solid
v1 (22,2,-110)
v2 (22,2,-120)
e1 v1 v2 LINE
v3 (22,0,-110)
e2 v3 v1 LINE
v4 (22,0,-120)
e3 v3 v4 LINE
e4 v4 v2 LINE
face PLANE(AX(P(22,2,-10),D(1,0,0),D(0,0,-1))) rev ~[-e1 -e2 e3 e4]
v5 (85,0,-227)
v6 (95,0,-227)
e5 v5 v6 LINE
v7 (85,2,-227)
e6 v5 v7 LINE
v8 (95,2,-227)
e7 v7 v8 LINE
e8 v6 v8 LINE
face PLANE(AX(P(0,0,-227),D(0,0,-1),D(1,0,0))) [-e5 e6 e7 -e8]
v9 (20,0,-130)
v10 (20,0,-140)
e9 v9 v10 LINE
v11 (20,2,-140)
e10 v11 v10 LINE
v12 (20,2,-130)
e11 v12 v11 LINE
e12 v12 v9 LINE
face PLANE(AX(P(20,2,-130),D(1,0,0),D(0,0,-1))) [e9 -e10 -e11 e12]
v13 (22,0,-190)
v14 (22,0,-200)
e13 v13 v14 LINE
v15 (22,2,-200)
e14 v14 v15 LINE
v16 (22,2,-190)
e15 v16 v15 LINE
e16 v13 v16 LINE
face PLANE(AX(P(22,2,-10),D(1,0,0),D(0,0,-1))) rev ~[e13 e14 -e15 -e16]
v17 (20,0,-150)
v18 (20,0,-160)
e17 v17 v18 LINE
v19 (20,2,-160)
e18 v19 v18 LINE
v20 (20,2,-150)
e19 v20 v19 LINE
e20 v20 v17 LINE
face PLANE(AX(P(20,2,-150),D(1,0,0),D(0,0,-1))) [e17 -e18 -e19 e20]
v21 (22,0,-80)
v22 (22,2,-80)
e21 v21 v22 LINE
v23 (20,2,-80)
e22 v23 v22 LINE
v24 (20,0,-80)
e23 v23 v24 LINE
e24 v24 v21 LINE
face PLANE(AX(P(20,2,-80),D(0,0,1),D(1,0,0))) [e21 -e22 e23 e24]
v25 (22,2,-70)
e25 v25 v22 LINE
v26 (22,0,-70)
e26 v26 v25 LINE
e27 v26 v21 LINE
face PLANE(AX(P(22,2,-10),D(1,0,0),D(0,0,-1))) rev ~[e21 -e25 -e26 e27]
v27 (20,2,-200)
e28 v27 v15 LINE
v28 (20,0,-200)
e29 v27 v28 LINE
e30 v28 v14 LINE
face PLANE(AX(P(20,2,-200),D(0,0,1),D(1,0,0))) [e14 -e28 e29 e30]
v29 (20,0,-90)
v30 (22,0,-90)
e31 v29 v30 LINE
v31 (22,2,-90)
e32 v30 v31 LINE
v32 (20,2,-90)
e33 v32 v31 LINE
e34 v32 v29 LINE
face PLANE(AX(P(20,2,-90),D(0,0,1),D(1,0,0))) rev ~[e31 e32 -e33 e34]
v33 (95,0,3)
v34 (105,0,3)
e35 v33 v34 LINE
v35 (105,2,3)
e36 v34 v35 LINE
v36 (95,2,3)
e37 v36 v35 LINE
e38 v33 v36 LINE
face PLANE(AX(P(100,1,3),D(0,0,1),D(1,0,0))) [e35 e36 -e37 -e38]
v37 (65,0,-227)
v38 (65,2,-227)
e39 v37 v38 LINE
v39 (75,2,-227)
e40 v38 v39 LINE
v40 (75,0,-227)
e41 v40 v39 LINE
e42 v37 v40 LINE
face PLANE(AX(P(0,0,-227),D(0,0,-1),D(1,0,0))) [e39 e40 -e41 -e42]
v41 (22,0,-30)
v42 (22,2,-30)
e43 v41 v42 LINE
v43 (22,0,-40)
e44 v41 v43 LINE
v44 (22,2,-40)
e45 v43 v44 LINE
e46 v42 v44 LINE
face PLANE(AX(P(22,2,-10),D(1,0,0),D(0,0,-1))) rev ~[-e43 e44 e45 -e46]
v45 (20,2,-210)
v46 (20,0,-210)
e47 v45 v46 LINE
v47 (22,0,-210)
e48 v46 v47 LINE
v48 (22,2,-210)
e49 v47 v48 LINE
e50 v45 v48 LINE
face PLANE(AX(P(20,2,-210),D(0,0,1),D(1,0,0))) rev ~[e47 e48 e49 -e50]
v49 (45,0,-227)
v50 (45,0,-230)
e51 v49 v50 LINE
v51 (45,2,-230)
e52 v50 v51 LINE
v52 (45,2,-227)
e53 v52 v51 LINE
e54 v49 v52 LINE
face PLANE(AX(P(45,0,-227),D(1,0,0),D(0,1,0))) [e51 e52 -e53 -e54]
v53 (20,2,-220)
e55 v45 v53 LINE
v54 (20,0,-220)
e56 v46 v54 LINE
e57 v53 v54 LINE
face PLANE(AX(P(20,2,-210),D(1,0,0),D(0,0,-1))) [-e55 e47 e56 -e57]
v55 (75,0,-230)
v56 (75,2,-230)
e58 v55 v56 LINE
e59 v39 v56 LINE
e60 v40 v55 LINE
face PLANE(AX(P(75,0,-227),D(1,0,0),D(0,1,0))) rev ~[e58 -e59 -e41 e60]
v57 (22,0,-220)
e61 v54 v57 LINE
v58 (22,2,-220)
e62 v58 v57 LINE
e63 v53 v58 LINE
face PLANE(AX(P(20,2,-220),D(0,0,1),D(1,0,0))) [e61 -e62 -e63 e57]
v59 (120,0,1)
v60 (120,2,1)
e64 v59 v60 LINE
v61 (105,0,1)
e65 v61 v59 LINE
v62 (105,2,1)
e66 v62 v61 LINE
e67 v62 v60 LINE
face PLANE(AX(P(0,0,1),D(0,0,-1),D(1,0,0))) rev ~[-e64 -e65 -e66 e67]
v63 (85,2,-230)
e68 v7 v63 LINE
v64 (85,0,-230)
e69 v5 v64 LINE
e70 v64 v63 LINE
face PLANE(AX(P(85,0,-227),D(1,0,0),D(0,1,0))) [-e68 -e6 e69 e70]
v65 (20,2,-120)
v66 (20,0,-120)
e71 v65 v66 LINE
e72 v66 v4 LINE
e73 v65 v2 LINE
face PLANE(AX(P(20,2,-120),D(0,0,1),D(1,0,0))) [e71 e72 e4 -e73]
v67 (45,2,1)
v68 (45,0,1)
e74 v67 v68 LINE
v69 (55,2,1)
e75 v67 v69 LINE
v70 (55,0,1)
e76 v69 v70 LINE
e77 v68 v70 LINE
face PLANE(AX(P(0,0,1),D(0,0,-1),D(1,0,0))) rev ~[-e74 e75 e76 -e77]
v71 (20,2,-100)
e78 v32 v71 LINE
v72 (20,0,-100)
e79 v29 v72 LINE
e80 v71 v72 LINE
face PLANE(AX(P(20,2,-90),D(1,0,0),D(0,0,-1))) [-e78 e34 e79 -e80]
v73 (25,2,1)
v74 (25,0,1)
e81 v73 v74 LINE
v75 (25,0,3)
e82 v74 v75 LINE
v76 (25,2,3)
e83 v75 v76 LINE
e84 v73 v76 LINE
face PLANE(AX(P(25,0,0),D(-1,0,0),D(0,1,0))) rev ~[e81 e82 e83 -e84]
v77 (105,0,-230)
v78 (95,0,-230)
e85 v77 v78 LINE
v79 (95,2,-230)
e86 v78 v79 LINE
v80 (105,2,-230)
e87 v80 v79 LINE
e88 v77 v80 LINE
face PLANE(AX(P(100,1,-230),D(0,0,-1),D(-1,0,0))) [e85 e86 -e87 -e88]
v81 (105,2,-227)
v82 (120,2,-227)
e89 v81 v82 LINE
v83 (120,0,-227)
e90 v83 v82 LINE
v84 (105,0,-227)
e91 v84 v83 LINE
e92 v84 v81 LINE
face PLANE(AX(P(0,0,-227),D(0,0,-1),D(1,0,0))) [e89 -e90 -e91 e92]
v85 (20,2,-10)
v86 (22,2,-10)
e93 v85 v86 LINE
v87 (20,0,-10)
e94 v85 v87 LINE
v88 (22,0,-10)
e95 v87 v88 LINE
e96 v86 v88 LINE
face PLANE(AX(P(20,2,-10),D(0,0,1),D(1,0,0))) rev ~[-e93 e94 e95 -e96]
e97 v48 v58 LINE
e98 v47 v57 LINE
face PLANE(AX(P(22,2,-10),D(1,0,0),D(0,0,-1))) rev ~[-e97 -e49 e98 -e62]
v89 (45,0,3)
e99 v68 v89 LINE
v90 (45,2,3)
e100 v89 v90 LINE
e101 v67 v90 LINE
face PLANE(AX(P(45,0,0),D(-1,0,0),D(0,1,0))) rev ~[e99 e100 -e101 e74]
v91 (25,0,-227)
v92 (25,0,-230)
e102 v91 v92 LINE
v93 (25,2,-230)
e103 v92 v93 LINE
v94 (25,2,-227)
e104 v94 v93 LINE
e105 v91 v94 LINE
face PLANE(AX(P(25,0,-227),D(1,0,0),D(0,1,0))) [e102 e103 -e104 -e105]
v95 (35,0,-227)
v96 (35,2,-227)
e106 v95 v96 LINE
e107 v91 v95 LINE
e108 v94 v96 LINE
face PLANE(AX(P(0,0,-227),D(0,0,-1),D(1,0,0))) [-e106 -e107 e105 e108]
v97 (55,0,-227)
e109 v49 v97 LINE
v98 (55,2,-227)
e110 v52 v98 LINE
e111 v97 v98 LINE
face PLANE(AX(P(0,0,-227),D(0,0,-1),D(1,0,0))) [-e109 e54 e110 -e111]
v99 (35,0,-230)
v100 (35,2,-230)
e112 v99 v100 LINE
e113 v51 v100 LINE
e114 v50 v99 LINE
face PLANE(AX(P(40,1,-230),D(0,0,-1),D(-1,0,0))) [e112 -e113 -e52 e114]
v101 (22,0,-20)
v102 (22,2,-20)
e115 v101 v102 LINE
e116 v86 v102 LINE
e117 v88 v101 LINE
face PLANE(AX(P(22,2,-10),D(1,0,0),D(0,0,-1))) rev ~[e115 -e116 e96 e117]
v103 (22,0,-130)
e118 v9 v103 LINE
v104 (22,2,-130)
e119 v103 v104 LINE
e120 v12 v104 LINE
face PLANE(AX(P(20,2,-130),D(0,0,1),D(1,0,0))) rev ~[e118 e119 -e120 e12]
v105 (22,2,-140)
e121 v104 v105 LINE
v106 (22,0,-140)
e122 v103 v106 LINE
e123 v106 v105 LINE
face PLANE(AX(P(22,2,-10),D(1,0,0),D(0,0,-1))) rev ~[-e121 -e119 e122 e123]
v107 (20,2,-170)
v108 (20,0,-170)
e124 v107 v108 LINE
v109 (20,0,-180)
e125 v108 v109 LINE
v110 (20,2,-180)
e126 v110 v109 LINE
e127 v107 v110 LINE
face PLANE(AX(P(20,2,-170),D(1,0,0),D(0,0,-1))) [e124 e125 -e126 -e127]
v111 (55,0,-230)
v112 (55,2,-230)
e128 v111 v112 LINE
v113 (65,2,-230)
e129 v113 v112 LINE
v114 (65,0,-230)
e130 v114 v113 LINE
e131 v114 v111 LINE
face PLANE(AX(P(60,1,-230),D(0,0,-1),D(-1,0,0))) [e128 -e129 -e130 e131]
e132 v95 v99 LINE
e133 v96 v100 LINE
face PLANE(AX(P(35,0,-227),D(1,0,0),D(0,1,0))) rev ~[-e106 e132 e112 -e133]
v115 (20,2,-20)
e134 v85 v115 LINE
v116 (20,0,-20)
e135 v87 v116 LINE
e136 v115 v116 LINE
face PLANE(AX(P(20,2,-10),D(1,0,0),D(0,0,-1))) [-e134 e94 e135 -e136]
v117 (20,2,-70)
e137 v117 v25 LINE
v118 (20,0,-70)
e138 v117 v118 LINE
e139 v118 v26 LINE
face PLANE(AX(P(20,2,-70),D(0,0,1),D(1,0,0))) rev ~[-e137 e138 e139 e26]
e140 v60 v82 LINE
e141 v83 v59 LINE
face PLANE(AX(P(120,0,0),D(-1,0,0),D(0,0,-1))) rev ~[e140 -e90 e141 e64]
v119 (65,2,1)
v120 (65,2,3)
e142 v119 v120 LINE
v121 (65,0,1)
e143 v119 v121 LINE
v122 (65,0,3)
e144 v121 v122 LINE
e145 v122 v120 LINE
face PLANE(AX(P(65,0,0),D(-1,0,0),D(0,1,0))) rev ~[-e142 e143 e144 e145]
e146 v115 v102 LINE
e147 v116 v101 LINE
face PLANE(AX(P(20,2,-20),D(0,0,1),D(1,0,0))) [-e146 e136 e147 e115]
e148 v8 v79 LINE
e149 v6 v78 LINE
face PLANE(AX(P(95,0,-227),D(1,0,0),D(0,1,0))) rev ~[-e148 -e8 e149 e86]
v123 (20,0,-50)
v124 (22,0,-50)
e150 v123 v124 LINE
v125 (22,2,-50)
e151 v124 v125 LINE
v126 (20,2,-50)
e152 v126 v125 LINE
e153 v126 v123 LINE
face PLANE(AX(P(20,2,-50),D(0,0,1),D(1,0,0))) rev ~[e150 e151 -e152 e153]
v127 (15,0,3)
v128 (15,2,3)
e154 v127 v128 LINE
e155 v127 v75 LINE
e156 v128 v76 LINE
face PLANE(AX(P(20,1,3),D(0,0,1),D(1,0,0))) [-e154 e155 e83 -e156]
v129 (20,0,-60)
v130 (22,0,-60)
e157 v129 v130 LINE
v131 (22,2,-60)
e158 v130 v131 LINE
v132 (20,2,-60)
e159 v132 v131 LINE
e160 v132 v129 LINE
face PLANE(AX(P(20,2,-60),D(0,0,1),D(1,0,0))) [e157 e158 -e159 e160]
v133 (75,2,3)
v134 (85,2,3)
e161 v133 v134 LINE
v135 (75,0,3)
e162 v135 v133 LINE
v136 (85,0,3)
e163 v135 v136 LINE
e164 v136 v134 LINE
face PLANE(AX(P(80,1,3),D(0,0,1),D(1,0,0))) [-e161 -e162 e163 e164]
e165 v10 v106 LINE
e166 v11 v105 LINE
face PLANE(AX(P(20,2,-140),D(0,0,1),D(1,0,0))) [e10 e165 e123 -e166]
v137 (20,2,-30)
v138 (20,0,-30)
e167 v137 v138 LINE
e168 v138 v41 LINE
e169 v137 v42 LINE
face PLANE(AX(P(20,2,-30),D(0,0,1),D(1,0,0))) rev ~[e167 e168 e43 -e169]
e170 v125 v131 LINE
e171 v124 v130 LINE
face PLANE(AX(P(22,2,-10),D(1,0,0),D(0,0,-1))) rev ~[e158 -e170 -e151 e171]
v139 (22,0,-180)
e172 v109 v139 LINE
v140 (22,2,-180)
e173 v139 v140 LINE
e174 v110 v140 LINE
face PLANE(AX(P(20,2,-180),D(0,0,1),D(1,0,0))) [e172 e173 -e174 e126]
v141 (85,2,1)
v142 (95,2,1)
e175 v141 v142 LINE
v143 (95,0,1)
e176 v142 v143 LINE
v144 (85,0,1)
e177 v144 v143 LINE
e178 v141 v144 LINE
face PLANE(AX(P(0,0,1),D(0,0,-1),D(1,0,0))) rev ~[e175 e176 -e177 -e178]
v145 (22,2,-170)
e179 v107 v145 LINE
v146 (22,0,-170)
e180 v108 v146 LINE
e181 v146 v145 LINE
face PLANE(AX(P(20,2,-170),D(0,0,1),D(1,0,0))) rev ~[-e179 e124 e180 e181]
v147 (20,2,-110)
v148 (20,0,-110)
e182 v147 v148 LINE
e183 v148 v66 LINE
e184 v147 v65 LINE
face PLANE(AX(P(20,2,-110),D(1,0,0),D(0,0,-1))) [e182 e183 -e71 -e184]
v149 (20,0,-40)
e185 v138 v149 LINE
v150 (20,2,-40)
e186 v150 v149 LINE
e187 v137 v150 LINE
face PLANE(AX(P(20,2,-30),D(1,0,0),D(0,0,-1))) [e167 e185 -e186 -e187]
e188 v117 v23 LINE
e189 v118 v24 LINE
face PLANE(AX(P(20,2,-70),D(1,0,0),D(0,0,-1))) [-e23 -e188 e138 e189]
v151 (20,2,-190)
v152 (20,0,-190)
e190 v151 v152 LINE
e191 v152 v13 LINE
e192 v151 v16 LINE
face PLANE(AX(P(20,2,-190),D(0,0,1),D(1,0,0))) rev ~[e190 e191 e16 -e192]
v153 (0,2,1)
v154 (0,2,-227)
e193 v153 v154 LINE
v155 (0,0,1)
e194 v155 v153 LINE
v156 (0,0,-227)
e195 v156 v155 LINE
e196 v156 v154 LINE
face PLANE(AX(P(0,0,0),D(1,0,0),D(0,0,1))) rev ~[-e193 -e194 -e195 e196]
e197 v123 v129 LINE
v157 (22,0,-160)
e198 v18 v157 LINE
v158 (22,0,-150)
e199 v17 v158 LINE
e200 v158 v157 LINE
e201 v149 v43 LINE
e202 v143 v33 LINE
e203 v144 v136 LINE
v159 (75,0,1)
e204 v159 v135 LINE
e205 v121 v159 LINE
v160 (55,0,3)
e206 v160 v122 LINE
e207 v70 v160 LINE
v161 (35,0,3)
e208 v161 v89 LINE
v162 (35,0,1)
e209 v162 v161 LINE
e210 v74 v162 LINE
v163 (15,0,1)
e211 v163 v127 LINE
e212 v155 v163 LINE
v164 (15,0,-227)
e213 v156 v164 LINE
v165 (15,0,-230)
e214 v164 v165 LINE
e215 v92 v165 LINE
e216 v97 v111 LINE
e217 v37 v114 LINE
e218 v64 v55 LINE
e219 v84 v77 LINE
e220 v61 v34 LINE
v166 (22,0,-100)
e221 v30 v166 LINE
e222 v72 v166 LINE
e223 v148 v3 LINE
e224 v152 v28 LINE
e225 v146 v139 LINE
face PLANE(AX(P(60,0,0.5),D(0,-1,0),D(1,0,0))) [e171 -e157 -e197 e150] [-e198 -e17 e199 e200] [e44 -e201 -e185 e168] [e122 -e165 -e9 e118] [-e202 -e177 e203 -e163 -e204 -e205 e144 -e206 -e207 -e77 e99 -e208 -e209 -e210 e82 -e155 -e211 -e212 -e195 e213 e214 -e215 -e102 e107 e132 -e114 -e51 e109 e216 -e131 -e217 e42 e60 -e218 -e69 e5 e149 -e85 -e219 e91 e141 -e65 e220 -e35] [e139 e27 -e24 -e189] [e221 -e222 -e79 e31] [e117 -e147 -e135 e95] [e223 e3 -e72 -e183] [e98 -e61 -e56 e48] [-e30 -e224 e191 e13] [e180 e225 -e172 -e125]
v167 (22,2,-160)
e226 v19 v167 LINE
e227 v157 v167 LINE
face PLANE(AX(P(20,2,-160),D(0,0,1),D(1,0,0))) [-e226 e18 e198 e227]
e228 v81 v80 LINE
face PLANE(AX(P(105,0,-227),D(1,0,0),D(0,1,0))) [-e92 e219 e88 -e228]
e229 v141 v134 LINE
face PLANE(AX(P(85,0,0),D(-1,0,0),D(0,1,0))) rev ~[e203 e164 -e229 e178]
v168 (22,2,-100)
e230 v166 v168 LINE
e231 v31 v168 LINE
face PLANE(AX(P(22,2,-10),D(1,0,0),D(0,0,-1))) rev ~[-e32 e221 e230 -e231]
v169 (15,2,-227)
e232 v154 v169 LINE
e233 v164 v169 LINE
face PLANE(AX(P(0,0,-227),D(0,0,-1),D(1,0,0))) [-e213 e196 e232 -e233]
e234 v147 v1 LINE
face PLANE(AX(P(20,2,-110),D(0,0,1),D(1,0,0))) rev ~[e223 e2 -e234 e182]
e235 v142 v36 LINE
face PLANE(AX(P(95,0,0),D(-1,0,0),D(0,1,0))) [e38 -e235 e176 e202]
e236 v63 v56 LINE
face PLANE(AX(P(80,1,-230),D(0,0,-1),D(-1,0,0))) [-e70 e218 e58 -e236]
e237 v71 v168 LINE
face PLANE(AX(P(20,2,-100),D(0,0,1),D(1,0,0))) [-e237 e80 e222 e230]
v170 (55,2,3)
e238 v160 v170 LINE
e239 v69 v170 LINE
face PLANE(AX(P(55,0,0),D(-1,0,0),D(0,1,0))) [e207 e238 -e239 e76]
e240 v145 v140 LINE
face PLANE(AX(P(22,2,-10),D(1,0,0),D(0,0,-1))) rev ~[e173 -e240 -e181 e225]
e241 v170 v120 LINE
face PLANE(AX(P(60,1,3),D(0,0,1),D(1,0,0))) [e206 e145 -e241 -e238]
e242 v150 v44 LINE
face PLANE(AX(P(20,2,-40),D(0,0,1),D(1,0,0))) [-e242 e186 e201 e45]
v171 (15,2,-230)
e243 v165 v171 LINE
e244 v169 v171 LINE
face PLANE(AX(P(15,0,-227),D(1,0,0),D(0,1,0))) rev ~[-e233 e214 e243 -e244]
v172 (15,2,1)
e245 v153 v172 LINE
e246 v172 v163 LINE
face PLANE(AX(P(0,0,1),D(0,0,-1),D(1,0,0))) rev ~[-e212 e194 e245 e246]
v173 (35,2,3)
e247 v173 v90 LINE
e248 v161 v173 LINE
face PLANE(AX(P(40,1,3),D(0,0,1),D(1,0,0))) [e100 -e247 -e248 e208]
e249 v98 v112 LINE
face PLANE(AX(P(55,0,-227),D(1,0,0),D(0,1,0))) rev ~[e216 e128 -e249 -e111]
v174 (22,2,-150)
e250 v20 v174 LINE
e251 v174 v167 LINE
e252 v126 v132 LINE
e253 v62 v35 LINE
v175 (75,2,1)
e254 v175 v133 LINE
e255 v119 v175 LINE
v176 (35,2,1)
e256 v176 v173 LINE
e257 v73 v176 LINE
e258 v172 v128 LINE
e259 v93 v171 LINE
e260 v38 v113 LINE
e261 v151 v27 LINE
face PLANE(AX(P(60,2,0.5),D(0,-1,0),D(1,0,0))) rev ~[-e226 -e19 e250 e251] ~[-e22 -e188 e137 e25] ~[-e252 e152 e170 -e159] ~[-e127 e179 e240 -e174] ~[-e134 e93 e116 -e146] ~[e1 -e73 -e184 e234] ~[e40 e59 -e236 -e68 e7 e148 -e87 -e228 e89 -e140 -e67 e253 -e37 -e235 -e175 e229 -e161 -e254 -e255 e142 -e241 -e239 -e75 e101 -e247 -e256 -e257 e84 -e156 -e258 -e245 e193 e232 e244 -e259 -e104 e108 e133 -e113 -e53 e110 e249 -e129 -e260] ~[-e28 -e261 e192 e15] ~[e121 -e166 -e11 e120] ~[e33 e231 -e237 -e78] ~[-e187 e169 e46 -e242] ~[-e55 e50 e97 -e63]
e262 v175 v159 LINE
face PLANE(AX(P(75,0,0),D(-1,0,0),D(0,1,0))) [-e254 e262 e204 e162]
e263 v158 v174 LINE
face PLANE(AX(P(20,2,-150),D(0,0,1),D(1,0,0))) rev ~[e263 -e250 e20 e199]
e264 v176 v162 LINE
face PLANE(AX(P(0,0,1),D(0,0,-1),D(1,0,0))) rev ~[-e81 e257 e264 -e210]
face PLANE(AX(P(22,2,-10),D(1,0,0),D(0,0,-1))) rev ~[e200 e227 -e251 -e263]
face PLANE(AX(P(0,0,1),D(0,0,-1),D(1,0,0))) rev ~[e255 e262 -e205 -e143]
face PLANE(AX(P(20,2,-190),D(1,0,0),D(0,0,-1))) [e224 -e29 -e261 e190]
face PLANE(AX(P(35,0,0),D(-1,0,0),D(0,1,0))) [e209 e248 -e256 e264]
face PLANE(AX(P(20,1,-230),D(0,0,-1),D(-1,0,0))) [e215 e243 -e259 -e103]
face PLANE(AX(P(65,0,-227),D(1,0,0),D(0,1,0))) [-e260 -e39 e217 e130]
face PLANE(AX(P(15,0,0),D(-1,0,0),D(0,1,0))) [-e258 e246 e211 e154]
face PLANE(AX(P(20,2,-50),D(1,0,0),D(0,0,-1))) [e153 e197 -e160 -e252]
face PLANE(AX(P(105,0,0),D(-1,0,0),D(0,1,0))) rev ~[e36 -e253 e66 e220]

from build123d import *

# Parameters (mm, degrees)
SKETCH1_W           = 120
SKETCH1_H           = 227
BOSS_EXTRUDE1_DEPTH = 2
SKETCH2_W           = 10
SKETCH2_H           = 2
BOSS_EXTRUDE2_DEPTH = 3
LPATTERN1_COUNT     = 5
LPATTERN1_PITCH     = 20
SKETCH3_W           = 10
SKETCH3_H           = 2
BOSS_EXTRUDE3_DEPTH = 3
LPATTERN2_COUNT     = 5
LPATTERN2_PITCH     = 20
SKETCH4_W           = 3
SKETCH4_H           = 10
CUT_EXTRUDE1_DEPTH  = 3
LPATTERN3_COUNT     = 11
LPATTERN3_PITCH     = 20
ESQUISSE1_W         = 1
ESQUISSE1_H         = 210
BOSS_EXTRU_1_DEPTH  = 2
ESQUISSE2_W         = 120
ESQUISSE2_H         = 1
BOSS_EXTRU_2_DEPTH  = 2


with BuildPart() as part:
    # Sketch1 → Boss-Extrude1 (new body)
    with BuildSketch(Plane(origin=(0, 0, 0), x_dir=(1, 0, 0), z_dir=(0, 1, 0))):
        with Locations((60, 113.5)):
            Rectangle(SKETCH1_W, SKETCH1_H)
    extrude(amount=BOSS_EXTRUDE1_DEPTH)

    # Sketch2 → Boss-Extrude2 (add)
    with BuildSketch(Plane.XY):
        with Locations((20, 1)):
            Rectangle(SKETCH2_W, SKETCH2_H)
    boss_extrude2 = extrude(amount=BOSS_EXTRUDE2_DEPTH)

    # LPattern1: Boss-Extrude2 ×5
    with Locations(*[(i * LPATTERN1_PITCH, 0, 0) for i in range(1, LPATTERN1_COUNT)]):
        add(boss_extrude2)

    # Sketch3 → Boss-Extrude3 (add)
    with BuildSketch(Plane(origin=(0, 0, -227), x_dir=(-1, 0, 0), z_dir=(0, 0, -1))):
        with Locations((-100, 1)):
            Rectangle(SKETCH3_W, SKETCH3_H)
    boss_extrude3 = extrude(amount=BOSS_EXTRUDE3_DEPTH)

    # LPattern2: Boss-Extrude3 ×5
    with Locations(*[(-i * LPATTERN2_PITCH, 0, 0) for i in range(1, LPATTERN2_COUNT)]):
        add(boss_extrude3)

    # Sketch4 → Cut-Extrude1 (cut, through all)
    with BuildSketch(Plane(origin=(0, 2, 0), x_dir=(1, 0, 0), z_dir=(0, 1, 0))):
        with Locations((21.5, 15)):
            Rectangle(SKETCH4_W, SKETCH4_H)
    cut_extrude1 = extrude(amount=-CUT_EXTRUDE1_DEPTH, mode=Mode.SUBTRACT)

    # LPattern3: Cut-Extrude1 ×11
    with Locations(*[(0, 0, -i * LPATTERN3_PITCH) for i in range(1, LPATTERN3_COUNT)]):
        add(cut_extrude1, mode=Mode.SUBTRACT)

    # Esquisse1 → Boss.-Extru.1 (add)
    with BuildSketch(Plane(origin=(0, 2, 0), x_dir=(1, 0, 0), z_dir=(0, 1, 0))):
        with Locations((22.5, 115)):
            Rectangle(ESQUISSE1_W, ESQUISSE1_H)
    extrude(amount=-BOSS_EXTRU_1_DEPTH)

    # Esquisse2 → Boss.-Extru.2 (add)
    with BuildSketch(Plane.XZ):
        with Locations((60, 0.5)):
            Rectangle(ESQUISSE2_W, ESQUISSE2_H)
    extrude(amount=-BOSS_EXTRU_2_DEPTH)


solid = part.part
